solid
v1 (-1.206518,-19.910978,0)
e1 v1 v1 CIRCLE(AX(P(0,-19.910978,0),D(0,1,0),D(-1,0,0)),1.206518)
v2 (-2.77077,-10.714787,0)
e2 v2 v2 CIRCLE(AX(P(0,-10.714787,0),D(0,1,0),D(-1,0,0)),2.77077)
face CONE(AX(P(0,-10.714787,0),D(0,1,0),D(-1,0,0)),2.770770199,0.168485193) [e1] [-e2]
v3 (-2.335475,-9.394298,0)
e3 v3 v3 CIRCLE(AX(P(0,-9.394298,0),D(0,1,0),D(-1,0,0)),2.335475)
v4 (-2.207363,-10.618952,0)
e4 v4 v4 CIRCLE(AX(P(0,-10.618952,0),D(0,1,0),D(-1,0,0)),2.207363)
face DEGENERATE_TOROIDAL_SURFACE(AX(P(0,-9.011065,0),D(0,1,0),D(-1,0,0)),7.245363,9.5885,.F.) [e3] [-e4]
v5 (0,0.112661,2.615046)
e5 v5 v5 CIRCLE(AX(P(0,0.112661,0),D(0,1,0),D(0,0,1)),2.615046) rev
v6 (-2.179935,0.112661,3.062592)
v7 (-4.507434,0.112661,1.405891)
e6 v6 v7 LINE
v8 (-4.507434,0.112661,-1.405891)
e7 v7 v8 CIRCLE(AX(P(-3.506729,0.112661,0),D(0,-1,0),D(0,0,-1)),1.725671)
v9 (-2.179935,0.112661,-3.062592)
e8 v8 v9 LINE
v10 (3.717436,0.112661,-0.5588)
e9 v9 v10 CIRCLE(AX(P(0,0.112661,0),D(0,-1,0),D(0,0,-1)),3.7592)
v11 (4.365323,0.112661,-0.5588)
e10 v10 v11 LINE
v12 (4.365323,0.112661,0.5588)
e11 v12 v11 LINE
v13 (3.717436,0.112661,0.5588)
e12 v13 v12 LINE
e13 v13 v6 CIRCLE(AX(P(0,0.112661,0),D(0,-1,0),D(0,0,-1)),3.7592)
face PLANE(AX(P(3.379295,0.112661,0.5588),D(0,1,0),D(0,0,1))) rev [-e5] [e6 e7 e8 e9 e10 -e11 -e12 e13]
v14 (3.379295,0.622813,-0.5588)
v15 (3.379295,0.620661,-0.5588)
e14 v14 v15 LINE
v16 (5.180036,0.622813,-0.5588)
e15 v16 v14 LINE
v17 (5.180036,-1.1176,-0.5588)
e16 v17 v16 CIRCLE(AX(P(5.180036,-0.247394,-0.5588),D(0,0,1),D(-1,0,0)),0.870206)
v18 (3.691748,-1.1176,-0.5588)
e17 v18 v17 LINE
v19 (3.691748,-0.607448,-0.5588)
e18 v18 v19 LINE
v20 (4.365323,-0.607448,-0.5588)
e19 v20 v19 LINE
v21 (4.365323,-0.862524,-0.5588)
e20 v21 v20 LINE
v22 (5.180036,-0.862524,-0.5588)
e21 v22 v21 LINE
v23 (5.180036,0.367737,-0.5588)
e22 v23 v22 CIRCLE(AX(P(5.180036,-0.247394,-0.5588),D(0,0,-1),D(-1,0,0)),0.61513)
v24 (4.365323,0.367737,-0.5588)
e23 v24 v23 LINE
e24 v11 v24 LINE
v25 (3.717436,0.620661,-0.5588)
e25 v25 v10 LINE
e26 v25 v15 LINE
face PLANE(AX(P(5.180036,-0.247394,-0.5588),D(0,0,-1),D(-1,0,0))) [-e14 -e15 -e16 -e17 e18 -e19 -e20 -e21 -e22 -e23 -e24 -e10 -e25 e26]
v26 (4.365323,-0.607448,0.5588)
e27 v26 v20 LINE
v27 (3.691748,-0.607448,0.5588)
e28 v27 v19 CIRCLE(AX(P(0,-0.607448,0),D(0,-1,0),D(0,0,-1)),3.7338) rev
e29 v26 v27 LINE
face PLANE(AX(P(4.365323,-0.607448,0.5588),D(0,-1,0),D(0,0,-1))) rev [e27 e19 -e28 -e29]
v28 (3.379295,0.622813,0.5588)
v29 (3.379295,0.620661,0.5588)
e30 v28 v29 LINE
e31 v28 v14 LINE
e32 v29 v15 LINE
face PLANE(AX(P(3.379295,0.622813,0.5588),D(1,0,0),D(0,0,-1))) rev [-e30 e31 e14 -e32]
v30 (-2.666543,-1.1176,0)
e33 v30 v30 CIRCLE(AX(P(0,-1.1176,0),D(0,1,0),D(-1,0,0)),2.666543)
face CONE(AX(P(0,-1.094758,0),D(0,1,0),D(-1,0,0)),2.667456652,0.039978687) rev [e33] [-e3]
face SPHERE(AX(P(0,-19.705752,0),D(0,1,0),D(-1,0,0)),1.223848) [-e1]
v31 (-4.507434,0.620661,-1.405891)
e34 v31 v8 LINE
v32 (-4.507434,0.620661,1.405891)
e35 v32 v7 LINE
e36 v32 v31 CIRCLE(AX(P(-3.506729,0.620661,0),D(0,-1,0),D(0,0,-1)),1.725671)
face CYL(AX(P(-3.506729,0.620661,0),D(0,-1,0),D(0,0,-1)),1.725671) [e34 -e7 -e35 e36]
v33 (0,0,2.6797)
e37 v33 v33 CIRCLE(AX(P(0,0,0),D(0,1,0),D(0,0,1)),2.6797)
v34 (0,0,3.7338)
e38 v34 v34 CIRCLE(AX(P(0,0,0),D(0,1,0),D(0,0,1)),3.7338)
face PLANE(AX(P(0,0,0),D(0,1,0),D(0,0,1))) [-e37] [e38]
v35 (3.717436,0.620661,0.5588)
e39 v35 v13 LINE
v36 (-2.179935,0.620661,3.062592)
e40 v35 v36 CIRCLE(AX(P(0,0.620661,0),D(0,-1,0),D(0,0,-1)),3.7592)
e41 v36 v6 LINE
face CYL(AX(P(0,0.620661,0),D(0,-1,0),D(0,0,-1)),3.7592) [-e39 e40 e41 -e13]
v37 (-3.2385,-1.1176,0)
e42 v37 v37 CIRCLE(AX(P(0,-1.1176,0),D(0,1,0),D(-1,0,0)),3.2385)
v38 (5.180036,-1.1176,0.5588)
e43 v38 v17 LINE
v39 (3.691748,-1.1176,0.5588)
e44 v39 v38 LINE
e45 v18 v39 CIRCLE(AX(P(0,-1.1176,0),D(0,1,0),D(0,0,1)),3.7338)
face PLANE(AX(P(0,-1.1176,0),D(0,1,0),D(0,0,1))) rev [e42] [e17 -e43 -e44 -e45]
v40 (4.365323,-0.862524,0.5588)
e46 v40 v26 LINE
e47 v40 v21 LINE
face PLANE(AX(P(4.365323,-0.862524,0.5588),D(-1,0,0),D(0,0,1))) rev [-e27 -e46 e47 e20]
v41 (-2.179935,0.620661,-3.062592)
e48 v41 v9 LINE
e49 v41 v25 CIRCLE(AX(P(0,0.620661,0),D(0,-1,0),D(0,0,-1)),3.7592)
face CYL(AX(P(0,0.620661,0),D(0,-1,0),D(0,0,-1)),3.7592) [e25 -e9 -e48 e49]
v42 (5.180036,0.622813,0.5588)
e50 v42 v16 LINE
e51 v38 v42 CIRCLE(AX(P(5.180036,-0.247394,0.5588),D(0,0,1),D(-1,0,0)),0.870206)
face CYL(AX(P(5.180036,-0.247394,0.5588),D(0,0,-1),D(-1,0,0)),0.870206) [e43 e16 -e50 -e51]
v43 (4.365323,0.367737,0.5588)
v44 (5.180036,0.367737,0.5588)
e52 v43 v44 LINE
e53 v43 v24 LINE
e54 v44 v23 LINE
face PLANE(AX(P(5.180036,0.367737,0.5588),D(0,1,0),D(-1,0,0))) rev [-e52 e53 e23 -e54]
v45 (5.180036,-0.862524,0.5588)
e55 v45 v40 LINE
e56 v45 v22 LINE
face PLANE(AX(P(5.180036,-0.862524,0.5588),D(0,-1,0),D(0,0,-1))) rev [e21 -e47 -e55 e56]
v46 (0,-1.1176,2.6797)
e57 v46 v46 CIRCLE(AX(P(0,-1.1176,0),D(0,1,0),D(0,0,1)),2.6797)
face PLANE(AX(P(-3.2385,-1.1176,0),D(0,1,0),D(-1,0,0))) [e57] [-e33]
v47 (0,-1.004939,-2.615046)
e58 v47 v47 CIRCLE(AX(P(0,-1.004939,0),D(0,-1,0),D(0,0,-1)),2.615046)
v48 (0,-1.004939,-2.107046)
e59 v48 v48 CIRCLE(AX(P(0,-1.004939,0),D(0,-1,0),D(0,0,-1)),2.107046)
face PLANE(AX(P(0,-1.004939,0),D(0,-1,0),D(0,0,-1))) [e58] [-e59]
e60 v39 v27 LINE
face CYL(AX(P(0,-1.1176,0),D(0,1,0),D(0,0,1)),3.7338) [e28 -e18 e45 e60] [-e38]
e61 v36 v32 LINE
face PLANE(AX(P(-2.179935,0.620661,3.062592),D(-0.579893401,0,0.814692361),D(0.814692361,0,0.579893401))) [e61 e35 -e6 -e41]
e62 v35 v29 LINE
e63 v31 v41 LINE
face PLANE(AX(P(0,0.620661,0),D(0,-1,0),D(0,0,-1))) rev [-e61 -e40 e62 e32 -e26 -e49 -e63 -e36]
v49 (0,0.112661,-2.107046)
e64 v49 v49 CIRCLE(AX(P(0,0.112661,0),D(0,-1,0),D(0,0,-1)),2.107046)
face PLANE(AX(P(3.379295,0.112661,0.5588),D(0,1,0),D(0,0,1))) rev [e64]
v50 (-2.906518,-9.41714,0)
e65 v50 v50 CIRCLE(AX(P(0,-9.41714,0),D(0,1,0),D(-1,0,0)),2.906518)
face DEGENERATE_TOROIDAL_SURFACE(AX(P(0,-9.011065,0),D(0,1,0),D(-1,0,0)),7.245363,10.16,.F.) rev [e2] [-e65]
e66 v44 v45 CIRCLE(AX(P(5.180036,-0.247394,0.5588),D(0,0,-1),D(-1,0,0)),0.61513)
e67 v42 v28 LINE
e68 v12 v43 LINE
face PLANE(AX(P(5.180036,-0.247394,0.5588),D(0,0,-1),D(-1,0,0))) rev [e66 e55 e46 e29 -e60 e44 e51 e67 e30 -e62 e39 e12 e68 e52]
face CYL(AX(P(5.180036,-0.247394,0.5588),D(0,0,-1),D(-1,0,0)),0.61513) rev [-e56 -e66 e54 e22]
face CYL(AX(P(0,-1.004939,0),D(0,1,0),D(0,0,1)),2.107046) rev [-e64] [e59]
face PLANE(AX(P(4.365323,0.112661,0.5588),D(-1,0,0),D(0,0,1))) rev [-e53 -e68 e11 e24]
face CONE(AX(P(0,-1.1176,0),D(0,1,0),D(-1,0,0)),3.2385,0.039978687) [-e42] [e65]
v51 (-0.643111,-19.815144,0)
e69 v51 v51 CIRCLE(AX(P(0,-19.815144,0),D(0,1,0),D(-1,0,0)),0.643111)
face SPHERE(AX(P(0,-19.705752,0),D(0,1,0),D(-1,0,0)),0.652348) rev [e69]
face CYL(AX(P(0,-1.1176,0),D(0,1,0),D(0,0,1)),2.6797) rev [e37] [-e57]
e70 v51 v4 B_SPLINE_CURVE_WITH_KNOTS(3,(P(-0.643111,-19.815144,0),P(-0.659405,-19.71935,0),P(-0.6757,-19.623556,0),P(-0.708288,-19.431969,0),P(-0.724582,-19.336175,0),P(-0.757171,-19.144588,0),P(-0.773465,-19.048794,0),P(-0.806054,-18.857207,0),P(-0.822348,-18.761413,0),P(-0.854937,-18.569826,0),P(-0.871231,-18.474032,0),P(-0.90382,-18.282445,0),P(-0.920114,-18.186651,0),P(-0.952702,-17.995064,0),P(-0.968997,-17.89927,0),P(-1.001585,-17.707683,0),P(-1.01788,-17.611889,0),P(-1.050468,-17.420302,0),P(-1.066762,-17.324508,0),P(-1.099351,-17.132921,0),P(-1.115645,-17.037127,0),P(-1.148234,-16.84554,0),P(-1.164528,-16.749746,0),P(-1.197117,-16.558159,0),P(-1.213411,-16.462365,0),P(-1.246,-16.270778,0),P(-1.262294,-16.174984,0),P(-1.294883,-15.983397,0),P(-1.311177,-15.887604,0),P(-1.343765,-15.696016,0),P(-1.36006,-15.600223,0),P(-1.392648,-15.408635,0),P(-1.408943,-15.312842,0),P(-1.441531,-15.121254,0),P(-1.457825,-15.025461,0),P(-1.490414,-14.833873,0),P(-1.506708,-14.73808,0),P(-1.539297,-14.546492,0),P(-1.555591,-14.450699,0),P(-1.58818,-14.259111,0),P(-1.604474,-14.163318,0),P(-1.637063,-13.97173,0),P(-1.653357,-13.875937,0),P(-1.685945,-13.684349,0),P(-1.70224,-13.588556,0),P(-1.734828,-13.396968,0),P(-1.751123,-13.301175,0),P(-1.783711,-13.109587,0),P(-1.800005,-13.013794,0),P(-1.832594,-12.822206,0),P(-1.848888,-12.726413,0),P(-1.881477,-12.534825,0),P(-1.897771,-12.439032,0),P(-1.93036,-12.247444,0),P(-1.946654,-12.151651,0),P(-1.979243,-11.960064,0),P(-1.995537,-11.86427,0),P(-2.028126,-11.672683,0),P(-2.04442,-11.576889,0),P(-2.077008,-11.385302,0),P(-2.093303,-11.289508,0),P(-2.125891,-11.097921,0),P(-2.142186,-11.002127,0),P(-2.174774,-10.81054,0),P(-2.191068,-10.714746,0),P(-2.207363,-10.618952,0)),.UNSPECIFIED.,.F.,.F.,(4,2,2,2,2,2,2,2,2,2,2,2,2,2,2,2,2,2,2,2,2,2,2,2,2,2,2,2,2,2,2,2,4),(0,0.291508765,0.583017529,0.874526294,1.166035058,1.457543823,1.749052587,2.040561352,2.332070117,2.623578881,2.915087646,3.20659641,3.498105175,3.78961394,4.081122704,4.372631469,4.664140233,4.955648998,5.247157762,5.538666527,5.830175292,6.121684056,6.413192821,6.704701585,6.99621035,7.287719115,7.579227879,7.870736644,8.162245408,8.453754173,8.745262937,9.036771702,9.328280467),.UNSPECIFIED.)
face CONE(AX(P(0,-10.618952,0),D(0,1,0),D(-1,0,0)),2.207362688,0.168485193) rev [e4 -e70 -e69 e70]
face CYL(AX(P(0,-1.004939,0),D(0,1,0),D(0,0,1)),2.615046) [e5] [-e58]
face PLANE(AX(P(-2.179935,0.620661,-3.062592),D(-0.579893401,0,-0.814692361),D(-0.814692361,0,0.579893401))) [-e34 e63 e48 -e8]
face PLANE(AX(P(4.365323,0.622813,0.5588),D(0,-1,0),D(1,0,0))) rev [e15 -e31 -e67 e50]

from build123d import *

# Parameters (mm, degrees)
SKETCH1_R           = 3.7338
SKETCH1_R_2         = 2.6797
BOSS_EXTRUDE1_DEPTH = 1.1176
SHELL1_T            = -0.5715
BOSS_EXTRUDE2_DEPTH = 0.5588
SKETCH4_R           = 2.615046293
SKETCH4_R_2         = 2.107046293
BOSS_EXTRUDE3_DEPTH = 1.1176
BOSS_EXTRUDE4_DEPTH = 0.508


with BuildPart() as part:
    # Sketch1 → Boss-Extrude1 (new body)
    with BuildSketch(Plane(origin=(0, 0, 0), x_dir=(1, 0, 0), z_dir=(0, 1, 0))):
        Circle(SKETCH1_R)
        Circle(SKETCH1_R_2, mode=Mode.SUBTRACT)
    extrude(amount=-BOSS_EXTRUDE1_DEPTH)


with BuildPart() as body_2:
    # Sketch2 → Revolve1 (revolve)
    with BuildSketch(Plane.XY):
        with BuildLine():
            Line((0, -1.1176), (0, -20.9296))
            ThreePointArc((0, -20.9296), (-0.789505828, -20.640890822), (-1.206518449, -19.910977871))
            Line((-1.206518449, -19.910977871), (-2.770770199, -10.714786652))
            ThreePointArc((-2.770770199, -10.714786652), (-2.859495986, -10.068144543), (-2.906518408, -9.4171398))
            Line((-2.906518408, -9.4171398), (-3.2385, -1.1176))
            Line((-3.2385, -1.1176), (0, -1.1176))
        make_face()
    revolve(axis=Axis((0, -1.1176, 0), (0, -1, 0)))

    # Shell1
    shell1_openings = [body_2.faces().sort_by_distance(p)[0] for p in [
        (0, -1.1176, 0),
    ]]
    offset(amount=SHELL1_T, openings=shell1_openings, kind=Kind.INTERSECTION)


with BuildPart() as part_1:
    add(part.part)

    # Combine1: union body 2
    add(body_2.part)

    # Sketch3 → Boss-Extrude2 (add, symmetric)
    with BuildSketch(Plane.XY):
        with BuildLine():
            Line((3.7338, -1.1176), (4.365322861, -1.1176))
            Line((4.365322861, -1.1176), (5.180035681, -1.1176))
            ThreePointArc((5.180035681, -1.1176), (6.050241958, -0.247393722), (5.180035681, 0.622812555))
            Line((5.180035681, 0.622812555), (4.365322861, 0.622812555))
            Line((4.365322861, 0.622812555), (3.379294532, 0.622812555))
            Line((3.379294532, 0.622812555), (3.379294532, 0.112660745))
            Line((3.379294532, 0.112660745), (4.365322861, 0.112660745))
            Line((4.365322861, 0.112660745), (4.365322861, 0.36773665))
            Line((4.365322861, 0.36773665), (5.180035681, 0.36773665))
            ThreePointArc((5.180035681, 0.36773665), (5.795166053, -0.247393722), (5.180035681, -0.862524095))
            Line((5.180035681, -0.862524095), (4.365322861, -0.862524095))
            Line((4.365322861, -0.862524095), (4.365322861, -0.607448189))
            Line((4.365322861, -0.607448189), (3.379294532, -0.607448189))
            Line((3.379294532, -0.607448189), (3.379294532, -1.1176))
            Line((3.379294532, -1.1176), (3.7338, -1.1176))
        make_face()
    extrude(amount=BOSS_EXTRUDE2_DEPTH, both=True)



with BuildPart() as body_2_2:
    # Sketch4 → Boss-Extrude3 (new body)
    with BuildSketch(Plane.XZ.offset(-0.112660745)):
        Circle(SKETCH4_R)
        Circle(SKETCH4_R_2, mode=Mode.SUBTRACT)
    extrude(amount=BOSS_EXTRUDE3_DEPTH)


with BuildPart() as part_2:
    add(part_1.part)

    add(body_2_2.part)  # Boss-Extrude4 merges body 2 2
    # Sketch6 → Boss-Extrude4 (add)
    with BuildSketch(Plane.XZ.offset(-0.112660745)):
        with BuildLine():
            Line((-2.179935272, -3.062591525), (-4.50743423, -1.405890971))
            ThreePointArc((-4.50743423, -1.405890971), (-5.2324, 0), (-4.50743423, 1.405890971))
            Line((-4.50743423, 1.405890971), (-2.179935272, 3.062591525))
            ThreePointArc((-2.179935272, 3.062591525), (3.7592, 0), (-2.179935272, -3.062591525))
        make_face()
    extrude(amount=-BOSS_EXTRUDE4_DEPTH)


solid = part_2.part
